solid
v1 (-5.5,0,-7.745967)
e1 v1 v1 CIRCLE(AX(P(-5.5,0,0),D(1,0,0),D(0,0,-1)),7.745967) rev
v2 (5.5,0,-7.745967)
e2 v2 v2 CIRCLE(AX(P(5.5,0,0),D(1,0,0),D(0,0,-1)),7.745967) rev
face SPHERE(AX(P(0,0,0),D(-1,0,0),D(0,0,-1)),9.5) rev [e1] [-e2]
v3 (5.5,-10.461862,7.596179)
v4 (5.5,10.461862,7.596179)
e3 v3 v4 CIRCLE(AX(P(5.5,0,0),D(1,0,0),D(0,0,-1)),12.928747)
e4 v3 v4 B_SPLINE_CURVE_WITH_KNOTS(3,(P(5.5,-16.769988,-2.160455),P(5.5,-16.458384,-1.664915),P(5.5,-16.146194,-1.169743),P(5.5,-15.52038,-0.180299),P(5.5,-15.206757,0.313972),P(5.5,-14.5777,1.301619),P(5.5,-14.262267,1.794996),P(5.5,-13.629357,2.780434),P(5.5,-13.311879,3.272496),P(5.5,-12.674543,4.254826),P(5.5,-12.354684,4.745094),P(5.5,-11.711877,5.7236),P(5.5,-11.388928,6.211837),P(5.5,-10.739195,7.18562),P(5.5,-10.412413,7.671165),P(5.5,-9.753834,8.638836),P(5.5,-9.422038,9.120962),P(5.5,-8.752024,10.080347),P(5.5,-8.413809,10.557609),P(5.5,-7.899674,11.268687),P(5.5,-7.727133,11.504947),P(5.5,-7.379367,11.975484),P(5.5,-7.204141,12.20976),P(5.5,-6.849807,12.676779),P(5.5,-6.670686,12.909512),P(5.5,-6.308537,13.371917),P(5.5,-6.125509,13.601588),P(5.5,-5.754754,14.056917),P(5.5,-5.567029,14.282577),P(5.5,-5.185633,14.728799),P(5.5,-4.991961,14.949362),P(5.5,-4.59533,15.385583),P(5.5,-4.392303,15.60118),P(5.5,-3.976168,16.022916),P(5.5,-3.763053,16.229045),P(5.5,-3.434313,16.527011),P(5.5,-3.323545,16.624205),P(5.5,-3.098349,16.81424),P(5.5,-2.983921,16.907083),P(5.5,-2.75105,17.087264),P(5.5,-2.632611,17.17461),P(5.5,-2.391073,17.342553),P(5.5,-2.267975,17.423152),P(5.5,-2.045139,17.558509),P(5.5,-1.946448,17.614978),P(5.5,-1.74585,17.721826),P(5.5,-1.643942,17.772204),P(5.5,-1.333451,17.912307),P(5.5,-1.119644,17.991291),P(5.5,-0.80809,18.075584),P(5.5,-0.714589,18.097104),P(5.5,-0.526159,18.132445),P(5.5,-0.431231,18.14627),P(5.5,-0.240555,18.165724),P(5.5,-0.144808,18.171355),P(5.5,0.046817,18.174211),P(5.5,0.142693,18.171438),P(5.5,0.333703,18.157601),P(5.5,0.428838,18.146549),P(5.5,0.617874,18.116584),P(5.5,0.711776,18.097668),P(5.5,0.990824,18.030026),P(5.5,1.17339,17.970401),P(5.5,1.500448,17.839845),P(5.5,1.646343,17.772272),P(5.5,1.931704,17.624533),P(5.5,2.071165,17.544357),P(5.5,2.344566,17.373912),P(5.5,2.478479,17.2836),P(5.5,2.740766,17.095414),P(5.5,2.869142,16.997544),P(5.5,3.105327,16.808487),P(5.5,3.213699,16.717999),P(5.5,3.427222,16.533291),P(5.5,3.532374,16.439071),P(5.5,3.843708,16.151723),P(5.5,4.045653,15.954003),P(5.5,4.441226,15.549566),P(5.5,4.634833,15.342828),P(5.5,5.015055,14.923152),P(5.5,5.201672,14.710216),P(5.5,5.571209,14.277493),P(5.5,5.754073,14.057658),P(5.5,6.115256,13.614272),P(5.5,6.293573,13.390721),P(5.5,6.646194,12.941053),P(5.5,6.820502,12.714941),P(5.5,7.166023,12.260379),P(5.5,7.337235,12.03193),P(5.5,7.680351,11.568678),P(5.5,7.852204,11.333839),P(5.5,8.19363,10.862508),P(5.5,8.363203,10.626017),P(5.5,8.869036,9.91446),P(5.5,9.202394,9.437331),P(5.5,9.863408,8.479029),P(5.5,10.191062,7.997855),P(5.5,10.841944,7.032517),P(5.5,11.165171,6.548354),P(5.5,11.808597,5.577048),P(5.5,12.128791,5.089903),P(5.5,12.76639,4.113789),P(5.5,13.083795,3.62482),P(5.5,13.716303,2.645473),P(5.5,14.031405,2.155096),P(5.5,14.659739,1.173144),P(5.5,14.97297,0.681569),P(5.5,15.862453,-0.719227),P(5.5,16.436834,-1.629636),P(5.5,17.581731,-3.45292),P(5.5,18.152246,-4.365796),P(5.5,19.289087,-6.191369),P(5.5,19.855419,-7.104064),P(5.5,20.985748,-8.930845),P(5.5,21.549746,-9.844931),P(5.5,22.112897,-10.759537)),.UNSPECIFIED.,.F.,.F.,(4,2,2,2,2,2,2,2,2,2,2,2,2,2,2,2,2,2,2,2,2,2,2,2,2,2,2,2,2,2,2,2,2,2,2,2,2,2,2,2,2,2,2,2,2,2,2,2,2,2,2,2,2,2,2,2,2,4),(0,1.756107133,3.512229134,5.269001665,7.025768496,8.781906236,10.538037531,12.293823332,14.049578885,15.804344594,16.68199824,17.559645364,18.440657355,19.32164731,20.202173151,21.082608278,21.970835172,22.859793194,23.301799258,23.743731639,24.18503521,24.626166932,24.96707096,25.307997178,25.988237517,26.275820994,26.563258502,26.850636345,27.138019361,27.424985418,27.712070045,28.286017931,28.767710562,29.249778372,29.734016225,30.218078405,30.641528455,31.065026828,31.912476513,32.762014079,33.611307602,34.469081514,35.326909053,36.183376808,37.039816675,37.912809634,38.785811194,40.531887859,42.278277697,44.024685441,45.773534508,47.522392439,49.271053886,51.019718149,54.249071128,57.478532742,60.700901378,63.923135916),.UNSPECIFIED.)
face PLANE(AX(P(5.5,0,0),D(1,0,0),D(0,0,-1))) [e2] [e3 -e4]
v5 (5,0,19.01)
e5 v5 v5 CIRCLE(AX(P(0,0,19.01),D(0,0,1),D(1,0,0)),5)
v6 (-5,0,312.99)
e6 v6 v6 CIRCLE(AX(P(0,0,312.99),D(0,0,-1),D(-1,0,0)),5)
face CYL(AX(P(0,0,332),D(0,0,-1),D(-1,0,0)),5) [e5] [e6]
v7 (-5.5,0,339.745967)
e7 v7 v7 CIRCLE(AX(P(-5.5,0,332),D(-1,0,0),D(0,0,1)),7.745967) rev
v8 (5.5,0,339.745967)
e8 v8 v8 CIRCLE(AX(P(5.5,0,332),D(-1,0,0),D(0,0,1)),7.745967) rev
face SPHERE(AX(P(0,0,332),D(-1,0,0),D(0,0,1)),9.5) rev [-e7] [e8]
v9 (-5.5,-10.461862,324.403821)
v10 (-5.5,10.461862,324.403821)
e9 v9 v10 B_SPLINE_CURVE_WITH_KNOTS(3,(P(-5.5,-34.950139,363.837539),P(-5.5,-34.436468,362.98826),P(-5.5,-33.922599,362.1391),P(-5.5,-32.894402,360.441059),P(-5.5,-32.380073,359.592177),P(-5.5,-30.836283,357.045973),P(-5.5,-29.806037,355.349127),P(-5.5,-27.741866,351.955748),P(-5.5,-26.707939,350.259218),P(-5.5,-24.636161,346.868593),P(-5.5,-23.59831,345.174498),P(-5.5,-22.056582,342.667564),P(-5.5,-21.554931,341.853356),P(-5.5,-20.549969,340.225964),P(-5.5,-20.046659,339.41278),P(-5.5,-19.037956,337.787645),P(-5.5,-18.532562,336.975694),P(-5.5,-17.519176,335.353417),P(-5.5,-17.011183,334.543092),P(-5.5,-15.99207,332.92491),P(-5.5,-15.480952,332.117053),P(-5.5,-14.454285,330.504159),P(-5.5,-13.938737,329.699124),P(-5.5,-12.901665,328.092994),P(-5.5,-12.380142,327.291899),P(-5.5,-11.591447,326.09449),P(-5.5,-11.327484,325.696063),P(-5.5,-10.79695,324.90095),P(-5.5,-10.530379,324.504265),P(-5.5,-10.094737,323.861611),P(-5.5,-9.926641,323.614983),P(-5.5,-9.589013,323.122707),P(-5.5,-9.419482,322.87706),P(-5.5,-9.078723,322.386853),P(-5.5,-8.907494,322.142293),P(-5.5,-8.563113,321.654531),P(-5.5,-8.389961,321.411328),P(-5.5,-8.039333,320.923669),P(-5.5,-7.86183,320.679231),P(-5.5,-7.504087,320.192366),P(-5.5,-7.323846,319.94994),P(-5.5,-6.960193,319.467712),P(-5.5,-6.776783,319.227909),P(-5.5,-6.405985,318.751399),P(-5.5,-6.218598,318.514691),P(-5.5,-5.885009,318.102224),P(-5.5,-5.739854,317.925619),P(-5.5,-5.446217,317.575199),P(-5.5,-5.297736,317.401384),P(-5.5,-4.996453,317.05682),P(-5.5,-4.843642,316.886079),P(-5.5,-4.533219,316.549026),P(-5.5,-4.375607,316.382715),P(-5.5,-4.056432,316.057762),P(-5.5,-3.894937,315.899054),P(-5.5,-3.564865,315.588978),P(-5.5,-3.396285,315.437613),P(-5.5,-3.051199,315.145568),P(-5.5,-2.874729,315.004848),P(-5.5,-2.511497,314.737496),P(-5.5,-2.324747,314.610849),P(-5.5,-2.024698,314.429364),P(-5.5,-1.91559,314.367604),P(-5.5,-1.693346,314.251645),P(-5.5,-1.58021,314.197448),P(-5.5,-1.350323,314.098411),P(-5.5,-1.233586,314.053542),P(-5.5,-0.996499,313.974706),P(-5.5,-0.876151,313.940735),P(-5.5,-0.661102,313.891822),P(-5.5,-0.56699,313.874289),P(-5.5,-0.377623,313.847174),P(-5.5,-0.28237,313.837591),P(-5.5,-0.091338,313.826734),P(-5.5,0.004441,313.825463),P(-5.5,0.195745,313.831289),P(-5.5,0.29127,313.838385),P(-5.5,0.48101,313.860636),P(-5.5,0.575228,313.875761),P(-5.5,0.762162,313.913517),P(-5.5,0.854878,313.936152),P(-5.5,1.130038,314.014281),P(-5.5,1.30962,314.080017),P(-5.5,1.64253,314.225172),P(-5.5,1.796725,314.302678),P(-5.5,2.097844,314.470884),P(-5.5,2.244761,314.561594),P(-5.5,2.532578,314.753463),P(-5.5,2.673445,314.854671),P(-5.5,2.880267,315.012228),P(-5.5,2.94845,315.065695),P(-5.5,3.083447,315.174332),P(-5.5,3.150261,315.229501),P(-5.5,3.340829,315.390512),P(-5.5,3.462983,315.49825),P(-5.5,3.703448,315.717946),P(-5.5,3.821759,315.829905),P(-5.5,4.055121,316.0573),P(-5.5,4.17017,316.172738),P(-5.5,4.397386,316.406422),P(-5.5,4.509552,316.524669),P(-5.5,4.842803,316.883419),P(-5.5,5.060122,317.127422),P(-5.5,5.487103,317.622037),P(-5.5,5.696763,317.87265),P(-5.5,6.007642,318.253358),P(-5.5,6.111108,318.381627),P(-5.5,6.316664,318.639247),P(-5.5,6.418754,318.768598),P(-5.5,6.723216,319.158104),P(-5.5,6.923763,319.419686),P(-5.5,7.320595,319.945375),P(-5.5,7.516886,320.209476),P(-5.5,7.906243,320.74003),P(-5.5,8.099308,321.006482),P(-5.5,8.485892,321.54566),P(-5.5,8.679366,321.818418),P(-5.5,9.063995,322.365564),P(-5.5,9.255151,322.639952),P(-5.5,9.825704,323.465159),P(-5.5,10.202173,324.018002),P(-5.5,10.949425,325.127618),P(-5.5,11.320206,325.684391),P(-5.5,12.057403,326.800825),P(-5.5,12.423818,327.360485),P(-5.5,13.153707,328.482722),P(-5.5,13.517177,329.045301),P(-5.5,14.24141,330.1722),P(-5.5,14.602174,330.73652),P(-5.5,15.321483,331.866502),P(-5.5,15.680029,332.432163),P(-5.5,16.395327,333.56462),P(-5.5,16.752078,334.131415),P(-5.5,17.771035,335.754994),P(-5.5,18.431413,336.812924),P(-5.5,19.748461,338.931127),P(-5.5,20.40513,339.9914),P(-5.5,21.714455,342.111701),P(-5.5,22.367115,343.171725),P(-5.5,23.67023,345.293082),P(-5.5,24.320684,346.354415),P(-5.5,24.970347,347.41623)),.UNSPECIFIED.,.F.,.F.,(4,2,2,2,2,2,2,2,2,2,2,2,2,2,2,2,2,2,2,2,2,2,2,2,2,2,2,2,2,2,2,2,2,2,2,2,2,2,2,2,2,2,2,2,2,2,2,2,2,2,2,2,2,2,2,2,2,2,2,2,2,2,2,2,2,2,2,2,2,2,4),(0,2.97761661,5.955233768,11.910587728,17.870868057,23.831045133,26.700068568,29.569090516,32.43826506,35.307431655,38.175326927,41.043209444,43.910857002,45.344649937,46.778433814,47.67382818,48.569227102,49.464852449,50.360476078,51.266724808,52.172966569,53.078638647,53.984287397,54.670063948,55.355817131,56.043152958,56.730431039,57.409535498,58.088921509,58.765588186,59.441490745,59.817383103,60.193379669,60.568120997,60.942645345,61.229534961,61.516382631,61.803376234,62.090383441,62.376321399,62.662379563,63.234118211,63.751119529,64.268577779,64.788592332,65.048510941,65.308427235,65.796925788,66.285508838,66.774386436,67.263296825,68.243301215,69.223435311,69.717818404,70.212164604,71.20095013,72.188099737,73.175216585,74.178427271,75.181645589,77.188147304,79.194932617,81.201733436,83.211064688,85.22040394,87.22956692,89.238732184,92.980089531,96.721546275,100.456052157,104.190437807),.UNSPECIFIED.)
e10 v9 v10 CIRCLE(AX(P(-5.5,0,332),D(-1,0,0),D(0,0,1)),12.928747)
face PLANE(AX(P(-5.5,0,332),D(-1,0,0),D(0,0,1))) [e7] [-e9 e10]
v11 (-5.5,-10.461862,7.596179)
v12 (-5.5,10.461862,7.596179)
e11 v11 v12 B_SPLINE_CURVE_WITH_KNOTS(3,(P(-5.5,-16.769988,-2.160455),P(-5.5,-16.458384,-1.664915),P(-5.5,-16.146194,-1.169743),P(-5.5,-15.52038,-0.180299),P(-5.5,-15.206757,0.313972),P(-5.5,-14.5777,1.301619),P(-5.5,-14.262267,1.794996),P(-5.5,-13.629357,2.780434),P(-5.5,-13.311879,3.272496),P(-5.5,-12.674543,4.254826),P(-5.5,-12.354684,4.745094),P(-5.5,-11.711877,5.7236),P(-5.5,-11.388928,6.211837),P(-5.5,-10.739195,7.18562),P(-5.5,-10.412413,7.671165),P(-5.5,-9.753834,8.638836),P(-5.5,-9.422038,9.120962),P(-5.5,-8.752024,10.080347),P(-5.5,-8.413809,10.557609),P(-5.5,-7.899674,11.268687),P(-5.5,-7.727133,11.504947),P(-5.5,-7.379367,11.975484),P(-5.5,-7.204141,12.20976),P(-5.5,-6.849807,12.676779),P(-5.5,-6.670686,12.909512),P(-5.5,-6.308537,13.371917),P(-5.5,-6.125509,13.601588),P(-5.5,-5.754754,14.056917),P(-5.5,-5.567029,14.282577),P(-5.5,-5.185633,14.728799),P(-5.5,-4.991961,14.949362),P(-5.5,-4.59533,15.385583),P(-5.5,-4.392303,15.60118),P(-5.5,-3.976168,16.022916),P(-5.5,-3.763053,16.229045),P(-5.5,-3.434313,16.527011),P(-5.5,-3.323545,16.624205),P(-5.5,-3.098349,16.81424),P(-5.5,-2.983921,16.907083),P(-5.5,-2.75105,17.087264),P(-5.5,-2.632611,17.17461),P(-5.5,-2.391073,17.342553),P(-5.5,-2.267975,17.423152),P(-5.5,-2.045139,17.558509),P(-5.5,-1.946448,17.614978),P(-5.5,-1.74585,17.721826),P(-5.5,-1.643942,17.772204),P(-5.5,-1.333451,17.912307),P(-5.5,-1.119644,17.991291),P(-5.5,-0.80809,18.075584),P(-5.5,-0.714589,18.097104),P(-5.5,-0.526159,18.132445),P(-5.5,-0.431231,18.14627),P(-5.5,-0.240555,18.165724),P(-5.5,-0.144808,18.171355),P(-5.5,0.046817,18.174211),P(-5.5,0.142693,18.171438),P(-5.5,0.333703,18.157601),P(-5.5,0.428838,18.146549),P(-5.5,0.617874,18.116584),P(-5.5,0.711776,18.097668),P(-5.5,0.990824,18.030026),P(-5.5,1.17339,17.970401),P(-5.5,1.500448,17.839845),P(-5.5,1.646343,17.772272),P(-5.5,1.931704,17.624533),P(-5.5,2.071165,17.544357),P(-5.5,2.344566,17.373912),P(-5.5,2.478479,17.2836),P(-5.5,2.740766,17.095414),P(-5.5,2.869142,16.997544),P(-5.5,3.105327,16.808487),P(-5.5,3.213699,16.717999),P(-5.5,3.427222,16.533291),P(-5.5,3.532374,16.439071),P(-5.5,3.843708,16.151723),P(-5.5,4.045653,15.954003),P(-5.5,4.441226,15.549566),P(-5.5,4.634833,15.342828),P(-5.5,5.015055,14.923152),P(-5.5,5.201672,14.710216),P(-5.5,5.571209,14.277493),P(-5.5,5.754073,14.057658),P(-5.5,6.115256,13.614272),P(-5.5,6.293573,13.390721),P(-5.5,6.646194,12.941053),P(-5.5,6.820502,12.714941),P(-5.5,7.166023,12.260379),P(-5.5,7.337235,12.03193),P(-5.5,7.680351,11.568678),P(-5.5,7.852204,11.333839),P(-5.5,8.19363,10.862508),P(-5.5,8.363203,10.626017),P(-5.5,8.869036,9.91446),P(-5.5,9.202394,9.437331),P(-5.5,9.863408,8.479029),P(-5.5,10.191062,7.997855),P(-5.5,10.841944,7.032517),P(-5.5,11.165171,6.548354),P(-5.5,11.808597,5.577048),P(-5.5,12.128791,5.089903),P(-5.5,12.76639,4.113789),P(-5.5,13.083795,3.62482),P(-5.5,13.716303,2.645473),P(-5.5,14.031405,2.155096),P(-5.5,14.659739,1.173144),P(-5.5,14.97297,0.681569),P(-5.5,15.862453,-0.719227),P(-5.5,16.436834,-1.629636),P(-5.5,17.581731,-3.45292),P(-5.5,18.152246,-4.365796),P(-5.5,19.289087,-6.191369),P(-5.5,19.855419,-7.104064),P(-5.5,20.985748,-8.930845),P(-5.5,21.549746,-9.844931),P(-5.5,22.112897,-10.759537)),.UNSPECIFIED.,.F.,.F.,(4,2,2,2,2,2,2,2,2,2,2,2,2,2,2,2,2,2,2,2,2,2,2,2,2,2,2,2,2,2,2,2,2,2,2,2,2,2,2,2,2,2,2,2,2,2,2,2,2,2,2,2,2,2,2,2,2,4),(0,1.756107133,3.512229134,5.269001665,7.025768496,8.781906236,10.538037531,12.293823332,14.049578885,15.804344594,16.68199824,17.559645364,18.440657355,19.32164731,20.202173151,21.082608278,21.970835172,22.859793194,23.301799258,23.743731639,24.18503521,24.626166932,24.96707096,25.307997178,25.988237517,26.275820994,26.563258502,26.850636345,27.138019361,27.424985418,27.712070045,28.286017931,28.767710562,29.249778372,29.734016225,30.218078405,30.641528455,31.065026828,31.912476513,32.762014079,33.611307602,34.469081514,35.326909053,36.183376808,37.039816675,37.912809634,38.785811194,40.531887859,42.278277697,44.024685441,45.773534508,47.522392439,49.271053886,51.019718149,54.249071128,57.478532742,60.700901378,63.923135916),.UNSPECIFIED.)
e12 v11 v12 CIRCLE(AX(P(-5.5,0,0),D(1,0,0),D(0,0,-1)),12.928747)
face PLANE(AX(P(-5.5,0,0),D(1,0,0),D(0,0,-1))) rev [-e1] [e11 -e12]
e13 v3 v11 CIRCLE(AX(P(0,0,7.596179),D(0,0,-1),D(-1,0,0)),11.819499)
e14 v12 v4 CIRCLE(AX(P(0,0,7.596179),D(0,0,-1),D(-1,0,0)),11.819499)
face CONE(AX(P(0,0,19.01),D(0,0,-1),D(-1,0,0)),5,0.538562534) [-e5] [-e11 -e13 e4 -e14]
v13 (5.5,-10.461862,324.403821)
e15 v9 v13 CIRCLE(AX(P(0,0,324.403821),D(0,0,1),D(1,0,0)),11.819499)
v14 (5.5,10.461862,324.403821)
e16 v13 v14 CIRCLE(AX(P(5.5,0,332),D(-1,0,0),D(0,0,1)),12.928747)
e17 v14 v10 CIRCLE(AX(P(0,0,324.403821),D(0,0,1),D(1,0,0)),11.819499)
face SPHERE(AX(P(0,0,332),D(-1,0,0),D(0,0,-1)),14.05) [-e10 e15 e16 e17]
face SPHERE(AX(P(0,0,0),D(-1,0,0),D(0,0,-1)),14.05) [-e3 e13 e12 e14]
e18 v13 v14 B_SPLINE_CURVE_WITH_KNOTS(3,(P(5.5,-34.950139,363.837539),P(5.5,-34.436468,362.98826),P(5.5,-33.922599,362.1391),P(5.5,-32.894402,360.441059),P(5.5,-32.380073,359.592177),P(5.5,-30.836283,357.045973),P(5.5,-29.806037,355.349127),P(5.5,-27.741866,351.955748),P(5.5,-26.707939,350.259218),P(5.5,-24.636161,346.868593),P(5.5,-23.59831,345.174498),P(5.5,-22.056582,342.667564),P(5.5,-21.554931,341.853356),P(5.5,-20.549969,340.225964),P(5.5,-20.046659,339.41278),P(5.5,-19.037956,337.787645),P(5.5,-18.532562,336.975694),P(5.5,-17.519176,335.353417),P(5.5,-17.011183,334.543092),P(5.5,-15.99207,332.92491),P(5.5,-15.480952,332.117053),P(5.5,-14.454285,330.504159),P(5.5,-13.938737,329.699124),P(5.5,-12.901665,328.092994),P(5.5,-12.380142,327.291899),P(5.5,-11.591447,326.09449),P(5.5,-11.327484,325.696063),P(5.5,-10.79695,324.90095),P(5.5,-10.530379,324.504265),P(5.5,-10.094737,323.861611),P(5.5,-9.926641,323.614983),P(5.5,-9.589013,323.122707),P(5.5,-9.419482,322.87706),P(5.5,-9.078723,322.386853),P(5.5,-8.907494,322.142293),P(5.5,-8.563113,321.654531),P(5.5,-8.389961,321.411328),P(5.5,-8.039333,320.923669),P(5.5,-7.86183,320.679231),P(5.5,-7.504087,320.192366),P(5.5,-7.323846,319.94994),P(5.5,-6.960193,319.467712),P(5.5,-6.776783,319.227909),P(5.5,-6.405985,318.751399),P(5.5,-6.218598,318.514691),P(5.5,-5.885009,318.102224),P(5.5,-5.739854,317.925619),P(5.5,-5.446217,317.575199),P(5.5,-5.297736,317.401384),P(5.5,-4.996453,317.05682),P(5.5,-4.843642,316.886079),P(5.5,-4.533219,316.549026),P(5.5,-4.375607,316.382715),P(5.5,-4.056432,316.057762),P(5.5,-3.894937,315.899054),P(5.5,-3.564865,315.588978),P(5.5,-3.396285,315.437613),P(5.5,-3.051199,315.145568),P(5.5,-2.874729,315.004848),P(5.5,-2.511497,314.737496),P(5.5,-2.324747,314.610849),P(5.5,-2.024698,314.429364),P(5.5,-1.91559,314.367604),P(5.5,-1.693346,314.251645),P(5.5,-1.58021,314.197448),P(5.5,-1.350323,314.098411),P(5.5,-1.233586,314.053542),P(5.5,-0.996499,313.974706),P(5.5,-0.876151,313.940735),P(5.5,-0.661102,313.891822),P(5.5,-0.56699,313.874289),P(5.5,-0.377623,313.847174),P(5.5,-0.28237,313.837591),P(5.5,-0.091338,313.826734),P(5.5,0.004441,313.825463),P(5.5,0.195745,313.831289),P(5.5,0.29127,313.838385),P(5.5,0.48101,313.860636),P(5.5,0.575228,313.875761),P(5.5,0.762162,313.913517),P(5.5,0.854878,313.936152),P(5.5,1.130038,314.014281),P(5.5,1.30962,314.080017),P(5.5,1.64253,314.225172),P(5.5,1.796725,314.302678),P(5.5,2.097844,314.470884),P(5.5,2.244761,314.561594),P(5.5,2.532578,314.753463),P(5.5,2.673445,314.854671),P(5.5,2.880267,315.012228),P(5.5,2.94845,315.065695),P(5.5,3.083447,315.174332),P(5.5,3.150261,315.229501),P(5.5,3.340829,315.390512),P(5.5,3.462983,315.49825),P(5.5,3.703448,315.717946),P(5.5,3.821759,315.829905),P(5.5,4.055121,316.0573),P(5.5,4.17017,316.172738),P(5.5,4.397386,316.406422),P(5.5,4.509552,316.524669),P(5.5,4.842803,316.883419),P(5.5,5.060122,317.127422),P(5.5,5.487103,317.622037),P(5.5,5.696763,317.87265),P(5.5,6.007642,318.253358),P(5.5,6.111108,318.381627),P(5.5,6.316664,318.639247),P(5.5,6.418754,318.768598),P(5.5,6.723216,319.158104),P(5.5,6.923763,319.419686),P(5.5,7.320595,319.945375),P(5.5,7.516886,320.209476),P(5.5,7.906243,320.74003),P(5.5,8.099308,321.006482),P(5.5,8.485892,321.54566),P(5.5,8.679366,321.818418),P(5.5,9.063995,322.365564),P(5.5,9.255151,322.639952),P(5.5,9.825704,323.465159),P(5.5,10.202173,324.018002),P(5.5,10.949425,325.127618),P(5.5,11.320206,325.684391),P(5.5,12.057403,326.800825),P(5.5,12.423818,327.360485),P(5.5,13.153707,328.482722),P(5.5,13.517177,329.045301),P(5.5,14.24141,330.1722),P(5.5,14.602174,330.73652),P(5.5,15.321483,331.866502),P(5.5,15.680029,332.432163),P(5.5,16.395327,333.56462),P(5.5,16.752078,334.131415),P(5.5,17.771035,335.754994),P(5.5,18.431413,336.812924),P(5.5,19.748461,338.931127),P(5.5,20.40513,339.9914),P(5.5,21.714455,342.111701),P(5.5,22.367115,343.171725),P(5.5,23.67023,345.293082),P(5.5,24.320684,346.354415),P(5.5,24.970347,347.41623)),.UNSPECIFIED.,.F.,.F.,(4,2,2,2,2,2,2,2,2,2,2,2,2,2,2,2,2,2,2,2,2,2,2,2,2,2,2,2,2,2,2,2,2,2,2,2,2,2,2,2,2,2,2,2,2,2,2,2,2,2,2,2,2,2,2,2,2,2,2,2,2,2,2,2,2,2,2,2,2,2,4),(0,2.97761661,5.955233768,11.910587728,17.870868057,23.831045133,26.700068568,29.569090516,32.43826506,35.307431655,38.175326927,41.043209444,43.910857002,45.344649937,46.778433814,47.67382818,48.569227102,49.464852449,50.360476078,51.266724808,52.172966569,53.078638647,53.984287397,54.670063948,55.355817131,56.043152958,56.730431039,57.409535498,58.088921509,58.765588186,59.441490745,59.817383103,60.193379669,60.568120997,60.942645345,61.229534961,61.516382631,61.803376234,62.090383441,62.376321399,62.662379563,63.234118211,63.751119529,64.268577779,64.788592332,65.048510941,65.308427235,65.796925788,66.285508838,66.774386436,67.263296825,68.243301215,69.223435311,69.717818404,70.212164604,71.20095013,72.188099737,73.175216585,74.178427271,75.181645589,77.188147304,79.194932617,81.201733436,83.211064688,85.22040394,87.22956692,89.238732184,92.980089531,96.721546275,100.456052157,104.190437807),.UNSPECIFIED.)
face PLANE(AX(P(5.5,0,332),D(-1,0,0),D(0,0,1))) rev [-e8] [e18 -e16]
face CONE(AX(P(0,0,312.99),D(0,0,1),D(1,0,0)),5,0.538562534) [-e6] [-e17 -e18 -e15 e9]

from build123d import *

# Parameters (mm, degrees)
SKETCH3_R           = 5
BOSS_EXTRUDE2_DEPTH = 332
CUT_EXTRUDE1_START  = -5.5
SKETCH7_R           = 24.093580554
CUT_EXTRUDE1_DEPTH  = 342.119975622
CUT_EXTRUDE2_START  = 5.5
SKETCH7_2_R         = 24.093580554
CUT_EXTRUDE2_DEPTH  = 342.119975622


with BuildPart() as part:
    # Sketch3 → Boss-Extrude2 (new body)
    with BuildSketch(Plane.XY):
        Circle(SKETCH3_R)
    extrude(amount=BOSS_EXTRUDE2_DEPTH)

    # Sketch4 → Revolve10 (revolve)
    with BuildSketch(Plane(origin=(0, 0, 0), x_dir=(1, 0, 0), z_dir=(0, 1, 0))):
        with BuildLine():
            Line((14.05, -332), (-14.05, -332))
            ThreePointArc((-14.05, -332), (0, -346.05), (14.05, -332))
        make_face()
    revolve(axis=Axis((-14.05, 0, 332), (1, 0, 0)))

    # Sketch4<6> → Revolve11 (revolve)
    with BuildSketch(Plane(origin=(0, 0, 0), x_dir=(1, 0, 0), z_dir=(0, 1, 0))):
        with BuildLine():
            ThreePointArc((14.05, 0), (0, 14.05), (-14.05, 0))
            Line((-14.05, 0), (14.05, 0))
        make_face()
    revolve(axis=Axis((-14.05, 0, 0), (1, 0, 0)))

    # Sketch8 → Revolve12 (revolve)
    with BuildSketch(Plane(origin=(0, 0, 0), x_dir=(1, 0, 0), z_dir=(0, 1, 0))):
        Polygon((12.29, -6.808700317), (0, -6.808700317), (0, -19.01), (5, -19.01), align=None)
    revolve(axis=Axis((0, 0, 19.01), (0, 0, -1)))

    # Sketch8<3> → Revolve13 (revolve)
    with BuildSketch(Plane(origin=(0, 0, 0), x_dir=(1, 0, 0), z_dir=(0, 1, 0))):
        Polygon((5, -312.99), (0, -312.99), (0, -325.191299683), (12.29, -325.191299683), align=None)
    revolve(axis=Axis((0, 0, 312.99), (0, 0, 1)))

    # Sketch7 → Cut-Extrude1 (cut, through all)
    with BuildSketch(Plane(origin=(0, 0, 0), x_dir=(0, 0, -1), z_dir=(1, 0, 0)).offset(CUT_EXTRUDE1_START)):
        Circle(SKETCH7_R)
        with Locations((-332, 0)):
            Circle(SKETCH7_R)
    extrude(amount=-CUT_EXTRUDE1_DEPTH, mode=Mode.SUBTRACT)

    # Sketch7<2> → Cut-Extrude2 (cut, through all)
    with BuildSketch(Plane(origin=(0, 0, 0), x_dir=(0, 0, -1), z_dir=(1, 0, 0)).offset(CUT_EXTRUDE2_START)):
        Circle(SKETCH7_2_R)
        with Locations((-332, 0)):
            Circle(SKETCH7_2_R)
    extrude(amount=CUT_EXTRUDE2_DEPTH, mode=Mode.SUBTRACT)

    # Sketch6 → Cut-Revolve1 (revolve, cut)
    with BuildSketch(Plane(origin=(0, 0, 0), x_dir=(1, 0, 0), z_dir=(0, 1, 0))):
        with BuildLine():
            ThreePointArc((9.5, 0), (0, 9.5), (-9.5, 0))
            Line((-9.5, 0), (9.5, 0))
        make_face()
    revolve(axis=Axis((-9.5, 0, 0), (1, 0, 0)), mode=Mode.SUBTRACT)

    # Sketch6<3> → Cut-Revolve2 (revolve, cut)
    with BuildSketch(Plane(origin=(0, 0, 0), x_dir=(1, 0, 0), z_dir=(0, 1, 0))):
        with BuildLine():
            Line((-9.5, -332), (9.5, -332))
            ThreePointArc((9.5, -332), (0, -341.5), (-9.5, -332))
        make_face()
    revolve(axis=Axis((-9.5, 0, 332), (1, 0, 0)), mode=Mode.SUBTRACT)


solid = part.part
